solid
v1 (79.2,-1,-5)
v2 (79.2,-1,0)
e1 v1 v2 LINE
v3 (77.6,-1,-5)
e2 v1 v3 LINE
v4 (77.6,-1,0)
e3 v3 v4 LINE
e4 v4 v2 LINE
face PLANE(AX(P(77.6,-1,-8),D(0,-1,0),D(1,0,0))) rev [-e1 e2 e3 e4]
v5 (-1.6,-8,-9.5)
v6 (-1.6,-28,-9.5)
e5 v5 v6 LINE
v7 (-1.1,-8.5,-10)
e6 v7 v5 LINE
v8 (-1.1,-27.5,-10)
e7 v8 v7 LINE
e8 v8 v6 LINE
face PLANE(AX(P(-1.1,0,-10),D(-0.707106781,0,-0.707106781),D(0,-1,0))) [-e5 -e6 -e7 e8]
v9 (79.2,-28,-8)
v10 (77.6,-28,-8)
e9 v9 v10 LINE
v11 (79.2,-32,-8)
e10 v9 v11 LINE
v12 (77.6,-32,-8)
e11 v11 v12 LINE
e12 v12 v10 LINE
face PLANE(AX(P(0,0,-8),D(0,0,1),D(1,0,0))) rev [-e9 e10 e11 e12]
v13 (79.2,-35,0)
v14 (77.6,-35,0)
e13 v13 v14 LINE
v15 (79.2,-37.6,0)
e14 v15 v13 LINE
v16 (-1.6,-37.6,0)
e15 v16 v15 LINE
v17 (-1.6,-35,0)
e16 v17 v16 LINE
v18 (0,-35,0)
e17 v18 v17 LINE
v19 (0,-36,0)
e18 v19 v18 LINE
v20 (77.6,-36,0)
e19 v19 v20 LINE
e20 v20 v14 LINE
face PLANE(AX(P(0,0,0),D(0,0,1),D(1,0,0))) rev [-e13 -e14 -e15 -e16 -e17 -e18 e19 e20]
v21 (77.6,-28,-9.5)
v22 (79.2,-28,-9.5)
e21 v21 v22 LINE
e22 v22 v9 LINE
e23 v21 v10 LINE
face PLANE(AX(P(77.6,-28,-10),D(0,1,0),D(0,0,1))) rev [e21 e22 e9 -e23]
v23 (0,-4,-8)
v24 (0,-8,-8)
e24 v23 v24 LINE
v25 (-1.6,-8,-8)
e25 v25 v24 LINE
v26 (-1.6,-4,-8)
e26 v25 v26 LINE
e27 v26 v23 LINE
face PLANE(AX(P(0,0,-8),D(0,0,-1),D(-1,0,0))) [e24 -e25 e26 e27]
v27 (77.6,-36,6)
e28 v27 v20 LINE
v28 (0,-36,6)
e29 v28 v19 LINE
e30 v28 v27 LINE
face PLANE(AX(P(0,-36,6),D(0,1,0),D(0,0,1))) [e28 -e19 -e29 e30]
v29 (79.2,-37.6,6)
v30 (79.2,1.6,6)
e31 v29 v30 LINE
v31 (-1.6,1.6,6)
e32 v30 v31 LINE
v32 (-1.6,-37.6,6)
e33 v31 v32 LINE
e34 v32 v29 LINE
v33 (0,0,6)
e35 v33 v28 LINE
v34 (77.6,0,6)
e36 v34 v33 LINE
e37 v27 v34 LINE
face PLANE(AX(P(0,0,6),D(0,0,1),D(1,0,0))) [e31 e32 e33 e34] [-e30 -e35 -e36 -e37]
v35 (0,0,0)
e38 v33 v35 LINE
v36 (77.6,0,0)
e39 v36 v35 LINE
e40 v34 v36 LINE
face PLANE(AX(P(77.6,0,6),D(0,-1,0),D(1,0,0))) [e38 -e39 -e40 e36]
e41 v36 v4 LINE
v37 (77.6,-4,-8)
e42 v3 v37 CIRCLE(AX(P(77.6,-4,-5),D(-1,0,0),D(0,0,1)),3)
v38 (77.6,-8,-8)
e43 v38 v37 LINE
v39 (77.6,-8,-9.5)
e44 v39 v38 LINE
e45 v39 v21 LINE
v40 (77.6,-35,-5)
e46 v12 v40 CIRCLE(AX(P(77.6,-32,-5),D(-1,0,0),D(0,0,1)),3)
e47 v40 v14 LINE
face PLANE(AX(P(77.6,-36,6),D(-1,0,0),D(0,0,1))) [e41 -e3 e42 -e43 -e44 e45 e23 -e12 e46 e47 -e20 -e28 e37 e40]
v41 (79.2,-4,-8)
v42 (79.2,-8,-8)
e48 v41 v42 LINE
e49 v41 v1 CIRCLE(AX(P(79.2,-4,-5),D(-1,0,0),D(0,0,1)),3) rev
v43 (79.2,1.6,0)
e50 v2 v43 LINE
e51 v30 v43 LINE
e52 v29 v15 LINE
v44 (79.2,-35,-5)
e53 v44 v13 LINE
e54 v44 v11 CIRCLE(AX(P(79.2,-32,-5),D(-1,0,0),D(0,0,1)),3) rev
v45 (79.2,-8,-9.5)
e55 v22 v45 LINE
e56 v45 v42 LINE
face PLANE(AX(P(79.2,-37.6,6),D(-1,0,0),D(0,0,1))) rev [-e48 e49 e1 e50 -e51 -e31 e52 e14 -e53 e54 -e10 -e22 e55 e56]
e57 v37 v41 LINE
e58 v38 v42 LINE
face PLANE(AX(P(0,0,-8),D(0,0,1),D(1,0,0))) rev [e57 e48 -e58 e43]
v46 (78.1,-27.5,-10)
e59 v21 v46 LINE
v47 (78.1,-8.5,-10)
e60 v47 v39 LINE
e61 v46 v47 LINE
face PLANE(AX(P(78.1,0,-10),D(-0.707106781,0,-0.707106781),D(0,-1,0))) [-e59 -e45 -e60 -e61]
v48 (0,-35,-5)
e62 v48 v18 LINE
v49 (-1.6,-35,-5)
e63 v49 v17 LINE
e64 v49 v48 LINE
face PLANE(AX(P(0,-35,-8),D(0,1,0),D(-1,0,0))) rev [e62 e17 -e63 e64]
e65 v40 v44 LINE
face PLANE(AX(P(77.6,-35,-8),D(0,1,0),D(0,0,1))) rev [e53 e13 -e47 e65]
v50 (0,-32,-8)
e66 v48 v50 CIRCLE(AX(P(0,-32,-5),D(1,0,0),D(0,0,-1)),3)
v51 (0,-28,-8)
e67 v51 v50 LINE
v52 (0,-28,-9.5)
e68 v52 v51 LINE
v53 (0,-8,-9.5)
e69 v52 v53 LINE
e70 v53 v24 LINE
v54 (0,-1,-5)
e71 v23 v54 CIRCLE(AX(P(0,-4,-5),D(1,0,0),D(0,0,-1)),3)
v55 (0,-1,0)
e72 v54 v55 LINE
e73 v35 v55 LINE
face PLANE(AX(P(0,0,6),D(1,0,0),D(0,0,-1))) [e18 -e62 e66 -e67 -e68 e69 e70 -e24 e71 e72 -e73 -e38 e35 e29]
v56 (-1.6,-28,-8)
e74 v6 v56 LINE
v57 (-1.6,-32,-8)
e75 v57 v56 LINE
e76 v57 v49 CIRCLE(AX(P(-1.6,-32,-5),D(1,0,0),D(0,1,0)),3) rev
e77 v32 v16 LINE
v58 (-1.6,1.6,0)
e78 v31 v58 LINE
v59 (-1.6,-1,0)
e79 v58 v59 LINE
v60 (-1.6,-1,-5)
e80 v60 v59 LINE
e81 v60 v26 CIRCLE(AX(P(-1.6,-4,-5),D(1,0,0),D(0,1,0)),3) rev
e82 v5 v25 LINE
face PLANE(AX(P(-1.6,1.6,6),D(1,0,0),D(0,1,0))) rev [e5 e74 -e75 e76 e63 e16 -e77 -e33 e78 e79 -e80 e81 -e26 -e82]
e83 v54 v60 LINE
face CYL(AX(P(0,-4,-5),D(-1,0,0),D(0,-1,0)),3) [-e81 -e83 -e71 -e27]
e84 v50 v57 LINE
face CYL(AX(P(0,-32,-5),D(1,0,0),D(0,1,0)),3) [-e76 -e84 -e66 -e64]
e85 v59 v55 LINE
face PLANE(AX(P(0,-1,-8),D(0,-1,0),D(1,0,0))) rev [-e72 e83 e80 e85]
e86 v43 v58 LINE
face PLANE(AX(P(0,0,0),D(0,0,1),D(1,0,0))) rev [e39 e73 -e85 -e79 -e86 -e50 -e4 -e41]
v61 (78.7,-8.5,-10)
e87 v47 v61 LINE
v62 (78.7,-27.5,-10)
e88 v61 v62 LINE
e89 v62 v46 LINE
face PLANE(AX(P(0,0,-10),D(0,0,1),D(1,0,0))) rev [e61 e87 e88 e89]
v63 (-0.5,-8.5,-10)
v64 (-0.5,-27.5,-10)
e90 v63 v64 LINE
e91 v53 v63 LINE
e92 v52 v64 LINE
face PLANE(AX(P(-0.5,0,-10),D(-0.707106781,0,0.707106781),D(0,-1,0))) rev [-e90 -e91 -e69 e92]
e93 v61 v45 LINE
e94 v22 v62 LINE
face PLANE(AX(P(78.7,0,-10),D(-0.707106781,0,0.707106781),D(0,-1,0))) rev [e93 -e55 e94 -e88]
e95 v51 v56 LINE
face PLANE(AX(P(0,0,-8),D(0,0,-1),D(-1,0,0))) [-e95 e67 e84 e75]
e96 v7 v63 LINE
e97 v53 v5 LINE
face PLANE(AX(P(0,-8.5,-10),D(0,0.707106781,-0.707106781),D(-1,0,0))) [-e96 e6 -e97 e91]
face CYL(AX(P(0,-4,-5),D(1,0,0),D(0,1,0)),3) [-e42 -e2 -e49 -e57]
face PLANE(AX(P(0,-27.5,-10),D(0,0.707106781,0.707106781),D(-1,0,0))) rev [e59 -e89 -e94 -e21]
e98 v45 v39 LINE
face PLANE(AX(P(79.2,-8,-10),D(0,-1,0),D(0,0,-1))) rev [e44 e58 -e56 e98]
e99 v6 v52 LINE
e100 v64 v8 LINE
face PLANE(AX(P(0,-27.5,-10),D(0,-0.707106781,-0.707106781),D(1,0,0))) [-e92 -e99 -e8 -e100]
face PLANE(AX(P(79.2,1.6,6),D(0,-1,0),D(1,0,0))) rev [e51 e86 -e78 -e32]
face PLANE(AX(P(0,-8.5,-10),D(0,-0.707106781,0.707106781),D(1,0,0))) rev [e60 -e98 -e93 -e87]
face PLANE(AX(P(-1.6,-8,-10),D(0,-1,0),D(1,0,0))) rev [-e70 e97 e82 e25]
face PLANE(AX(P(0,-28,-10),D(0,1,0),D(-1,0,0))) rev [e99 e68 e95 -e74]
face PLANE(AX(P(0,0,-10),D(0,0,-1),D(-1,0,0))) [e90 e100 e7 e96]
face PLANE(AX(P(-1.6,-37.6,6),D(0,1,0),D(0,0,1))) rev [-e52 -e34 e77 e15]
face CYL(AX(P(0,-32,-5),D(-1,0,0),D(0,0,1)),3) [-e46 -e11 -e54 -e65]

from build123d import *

# Parameters (mm, degrees)
SKETCH1_W           = 80.8
SKETCH1_H           = 39.2
SKETCH1_W_2         = 77.6
SKETCH1_H_2         = 36
BOSS_EXTRUDE1_DEPTH = 6
SKETCH2_W           = 1.6
SKETCH2_H           = 36
BOSS_EXTRUDE2_DEPTH = 8
MOVE_FACE1_BY       = 1
MOVE_FACE1_2_BY     = 1
MOVE_FACE1_3_BY     = 1
MOVE_FACE1_4_BY     = 1
SKETCH3_W           = 1.6
SKETCH3_H           = 20
BOSS_EXTRUDE3_DEPTH = 2
CHAMFER1_SIZE       = 0.5
FILLET1_R           = 3


with BuildPart() as part:
    # Sketch1 → Boss-Extrude1 (new body)
    with BuildSketch(Plane.XY):
        with Locations((38.8, -18)):
            Rectangle(SKETCH1_W, SKETCH1_H)
        with Locations((38.8, -18)):
            Rectangle(SKETCH1_W_2, SKETCH1_H_2, mode=Mode.SUBTRACT)
    extrude(amount=BOSS_EXTRUDE1_DEPTH)

    # Sketch2 → Boss-Extrude2 (add)
    with BuildSketch(Plane(origin=(0, 0, 0), x_dir=(-1, 0, 0), z_dir=(0, 0, -1))):
        with Locations((-78.4, -18)):
            Rectangle(SKETCH2_W, SKETCH2_H)
        with Locations((0.8, -18)):
            Rectangle(SKETCH2_W, SKETCH2_H)
    extrude(amount=BOSS_EXTRUDE2_DEPTH)

    # Move Face1: a face moved inward by 1.0
    extrude(part.faces().sort_by_distance((78.4, 0, -4))[0], amount=MOVE_FACE1_BY, dir=(0, -1, 0), mode=Mode.SUBTRACT)

    # Move Face1 2: a face moved inward by 1.0
    extrude(part.faces().sort_by_distance((78.4, -36, -4))[0], amount=MOVE_FACE1_2_BY, dir=(0, 1, 0), mode=Mode.SUBTRACT)

    # Move Face1 3: a face moved inward by 1.0
    extrude(part.faces().sort_by_distance((-0.8, -36, -4))[0], amount=MOVE_FACE1_3_BY, dir=(0, 1, 0), mode=Mode.SUBTRACT)

    # Move Face1 4: a face moved inward by 1.0
    extrude(part.faces().sort_by_distance((-0.8, 0, -4))[0], amount=MOVE_FACE1_4_BY, dir=(0, -1, 0), mode=Mode.SUBTRACT)

    # Sketch3 → Boss-Extrude3 (add)
    with BuildSketch(Plane(origin=(0, 0, -8), x_dir=(-1, 0, 0), z_dir=(0, 0, -1))):
        with Locations((-78.4, -18)):
            Rectangle(SKETCH3_W, SKETCH3_H)
        with Locations((0.8, -18)):
            Rectangle(SKETCH3_W, SKETCH3_H)
    extrude(amount=BOSS_EXTRUDE3_DEPTH)

    # Chamfer1
    chamfer1_edges = [part.edges().sort_by_distance(p)[0] for p in [
        (78.4, -28, -10),
        (77.6, -18, -10),
        (78.4, -8, -10),
        (79.2, -18, -10),
        (0, -18, -10),
        (-0.8, -28, -10),
        (-1.6, -18, -10),
        (-0.8, -8, -10),
    ]]
    chamfer(chamfer1_edges, length=CHAMFER1_SIZE)

    # Fillet1
    fillet1_edges = [part.edges().sort_by_distance(p)[0] for p in [
        (78.4, -1, -8),
        (78.4, -35, -8),
        (-0.8, -1, -8),
        (-0.8, -35, -8),
    ]]
    fillet(fillet1_edges, radius=FILLET1_R)


solid = part.part
